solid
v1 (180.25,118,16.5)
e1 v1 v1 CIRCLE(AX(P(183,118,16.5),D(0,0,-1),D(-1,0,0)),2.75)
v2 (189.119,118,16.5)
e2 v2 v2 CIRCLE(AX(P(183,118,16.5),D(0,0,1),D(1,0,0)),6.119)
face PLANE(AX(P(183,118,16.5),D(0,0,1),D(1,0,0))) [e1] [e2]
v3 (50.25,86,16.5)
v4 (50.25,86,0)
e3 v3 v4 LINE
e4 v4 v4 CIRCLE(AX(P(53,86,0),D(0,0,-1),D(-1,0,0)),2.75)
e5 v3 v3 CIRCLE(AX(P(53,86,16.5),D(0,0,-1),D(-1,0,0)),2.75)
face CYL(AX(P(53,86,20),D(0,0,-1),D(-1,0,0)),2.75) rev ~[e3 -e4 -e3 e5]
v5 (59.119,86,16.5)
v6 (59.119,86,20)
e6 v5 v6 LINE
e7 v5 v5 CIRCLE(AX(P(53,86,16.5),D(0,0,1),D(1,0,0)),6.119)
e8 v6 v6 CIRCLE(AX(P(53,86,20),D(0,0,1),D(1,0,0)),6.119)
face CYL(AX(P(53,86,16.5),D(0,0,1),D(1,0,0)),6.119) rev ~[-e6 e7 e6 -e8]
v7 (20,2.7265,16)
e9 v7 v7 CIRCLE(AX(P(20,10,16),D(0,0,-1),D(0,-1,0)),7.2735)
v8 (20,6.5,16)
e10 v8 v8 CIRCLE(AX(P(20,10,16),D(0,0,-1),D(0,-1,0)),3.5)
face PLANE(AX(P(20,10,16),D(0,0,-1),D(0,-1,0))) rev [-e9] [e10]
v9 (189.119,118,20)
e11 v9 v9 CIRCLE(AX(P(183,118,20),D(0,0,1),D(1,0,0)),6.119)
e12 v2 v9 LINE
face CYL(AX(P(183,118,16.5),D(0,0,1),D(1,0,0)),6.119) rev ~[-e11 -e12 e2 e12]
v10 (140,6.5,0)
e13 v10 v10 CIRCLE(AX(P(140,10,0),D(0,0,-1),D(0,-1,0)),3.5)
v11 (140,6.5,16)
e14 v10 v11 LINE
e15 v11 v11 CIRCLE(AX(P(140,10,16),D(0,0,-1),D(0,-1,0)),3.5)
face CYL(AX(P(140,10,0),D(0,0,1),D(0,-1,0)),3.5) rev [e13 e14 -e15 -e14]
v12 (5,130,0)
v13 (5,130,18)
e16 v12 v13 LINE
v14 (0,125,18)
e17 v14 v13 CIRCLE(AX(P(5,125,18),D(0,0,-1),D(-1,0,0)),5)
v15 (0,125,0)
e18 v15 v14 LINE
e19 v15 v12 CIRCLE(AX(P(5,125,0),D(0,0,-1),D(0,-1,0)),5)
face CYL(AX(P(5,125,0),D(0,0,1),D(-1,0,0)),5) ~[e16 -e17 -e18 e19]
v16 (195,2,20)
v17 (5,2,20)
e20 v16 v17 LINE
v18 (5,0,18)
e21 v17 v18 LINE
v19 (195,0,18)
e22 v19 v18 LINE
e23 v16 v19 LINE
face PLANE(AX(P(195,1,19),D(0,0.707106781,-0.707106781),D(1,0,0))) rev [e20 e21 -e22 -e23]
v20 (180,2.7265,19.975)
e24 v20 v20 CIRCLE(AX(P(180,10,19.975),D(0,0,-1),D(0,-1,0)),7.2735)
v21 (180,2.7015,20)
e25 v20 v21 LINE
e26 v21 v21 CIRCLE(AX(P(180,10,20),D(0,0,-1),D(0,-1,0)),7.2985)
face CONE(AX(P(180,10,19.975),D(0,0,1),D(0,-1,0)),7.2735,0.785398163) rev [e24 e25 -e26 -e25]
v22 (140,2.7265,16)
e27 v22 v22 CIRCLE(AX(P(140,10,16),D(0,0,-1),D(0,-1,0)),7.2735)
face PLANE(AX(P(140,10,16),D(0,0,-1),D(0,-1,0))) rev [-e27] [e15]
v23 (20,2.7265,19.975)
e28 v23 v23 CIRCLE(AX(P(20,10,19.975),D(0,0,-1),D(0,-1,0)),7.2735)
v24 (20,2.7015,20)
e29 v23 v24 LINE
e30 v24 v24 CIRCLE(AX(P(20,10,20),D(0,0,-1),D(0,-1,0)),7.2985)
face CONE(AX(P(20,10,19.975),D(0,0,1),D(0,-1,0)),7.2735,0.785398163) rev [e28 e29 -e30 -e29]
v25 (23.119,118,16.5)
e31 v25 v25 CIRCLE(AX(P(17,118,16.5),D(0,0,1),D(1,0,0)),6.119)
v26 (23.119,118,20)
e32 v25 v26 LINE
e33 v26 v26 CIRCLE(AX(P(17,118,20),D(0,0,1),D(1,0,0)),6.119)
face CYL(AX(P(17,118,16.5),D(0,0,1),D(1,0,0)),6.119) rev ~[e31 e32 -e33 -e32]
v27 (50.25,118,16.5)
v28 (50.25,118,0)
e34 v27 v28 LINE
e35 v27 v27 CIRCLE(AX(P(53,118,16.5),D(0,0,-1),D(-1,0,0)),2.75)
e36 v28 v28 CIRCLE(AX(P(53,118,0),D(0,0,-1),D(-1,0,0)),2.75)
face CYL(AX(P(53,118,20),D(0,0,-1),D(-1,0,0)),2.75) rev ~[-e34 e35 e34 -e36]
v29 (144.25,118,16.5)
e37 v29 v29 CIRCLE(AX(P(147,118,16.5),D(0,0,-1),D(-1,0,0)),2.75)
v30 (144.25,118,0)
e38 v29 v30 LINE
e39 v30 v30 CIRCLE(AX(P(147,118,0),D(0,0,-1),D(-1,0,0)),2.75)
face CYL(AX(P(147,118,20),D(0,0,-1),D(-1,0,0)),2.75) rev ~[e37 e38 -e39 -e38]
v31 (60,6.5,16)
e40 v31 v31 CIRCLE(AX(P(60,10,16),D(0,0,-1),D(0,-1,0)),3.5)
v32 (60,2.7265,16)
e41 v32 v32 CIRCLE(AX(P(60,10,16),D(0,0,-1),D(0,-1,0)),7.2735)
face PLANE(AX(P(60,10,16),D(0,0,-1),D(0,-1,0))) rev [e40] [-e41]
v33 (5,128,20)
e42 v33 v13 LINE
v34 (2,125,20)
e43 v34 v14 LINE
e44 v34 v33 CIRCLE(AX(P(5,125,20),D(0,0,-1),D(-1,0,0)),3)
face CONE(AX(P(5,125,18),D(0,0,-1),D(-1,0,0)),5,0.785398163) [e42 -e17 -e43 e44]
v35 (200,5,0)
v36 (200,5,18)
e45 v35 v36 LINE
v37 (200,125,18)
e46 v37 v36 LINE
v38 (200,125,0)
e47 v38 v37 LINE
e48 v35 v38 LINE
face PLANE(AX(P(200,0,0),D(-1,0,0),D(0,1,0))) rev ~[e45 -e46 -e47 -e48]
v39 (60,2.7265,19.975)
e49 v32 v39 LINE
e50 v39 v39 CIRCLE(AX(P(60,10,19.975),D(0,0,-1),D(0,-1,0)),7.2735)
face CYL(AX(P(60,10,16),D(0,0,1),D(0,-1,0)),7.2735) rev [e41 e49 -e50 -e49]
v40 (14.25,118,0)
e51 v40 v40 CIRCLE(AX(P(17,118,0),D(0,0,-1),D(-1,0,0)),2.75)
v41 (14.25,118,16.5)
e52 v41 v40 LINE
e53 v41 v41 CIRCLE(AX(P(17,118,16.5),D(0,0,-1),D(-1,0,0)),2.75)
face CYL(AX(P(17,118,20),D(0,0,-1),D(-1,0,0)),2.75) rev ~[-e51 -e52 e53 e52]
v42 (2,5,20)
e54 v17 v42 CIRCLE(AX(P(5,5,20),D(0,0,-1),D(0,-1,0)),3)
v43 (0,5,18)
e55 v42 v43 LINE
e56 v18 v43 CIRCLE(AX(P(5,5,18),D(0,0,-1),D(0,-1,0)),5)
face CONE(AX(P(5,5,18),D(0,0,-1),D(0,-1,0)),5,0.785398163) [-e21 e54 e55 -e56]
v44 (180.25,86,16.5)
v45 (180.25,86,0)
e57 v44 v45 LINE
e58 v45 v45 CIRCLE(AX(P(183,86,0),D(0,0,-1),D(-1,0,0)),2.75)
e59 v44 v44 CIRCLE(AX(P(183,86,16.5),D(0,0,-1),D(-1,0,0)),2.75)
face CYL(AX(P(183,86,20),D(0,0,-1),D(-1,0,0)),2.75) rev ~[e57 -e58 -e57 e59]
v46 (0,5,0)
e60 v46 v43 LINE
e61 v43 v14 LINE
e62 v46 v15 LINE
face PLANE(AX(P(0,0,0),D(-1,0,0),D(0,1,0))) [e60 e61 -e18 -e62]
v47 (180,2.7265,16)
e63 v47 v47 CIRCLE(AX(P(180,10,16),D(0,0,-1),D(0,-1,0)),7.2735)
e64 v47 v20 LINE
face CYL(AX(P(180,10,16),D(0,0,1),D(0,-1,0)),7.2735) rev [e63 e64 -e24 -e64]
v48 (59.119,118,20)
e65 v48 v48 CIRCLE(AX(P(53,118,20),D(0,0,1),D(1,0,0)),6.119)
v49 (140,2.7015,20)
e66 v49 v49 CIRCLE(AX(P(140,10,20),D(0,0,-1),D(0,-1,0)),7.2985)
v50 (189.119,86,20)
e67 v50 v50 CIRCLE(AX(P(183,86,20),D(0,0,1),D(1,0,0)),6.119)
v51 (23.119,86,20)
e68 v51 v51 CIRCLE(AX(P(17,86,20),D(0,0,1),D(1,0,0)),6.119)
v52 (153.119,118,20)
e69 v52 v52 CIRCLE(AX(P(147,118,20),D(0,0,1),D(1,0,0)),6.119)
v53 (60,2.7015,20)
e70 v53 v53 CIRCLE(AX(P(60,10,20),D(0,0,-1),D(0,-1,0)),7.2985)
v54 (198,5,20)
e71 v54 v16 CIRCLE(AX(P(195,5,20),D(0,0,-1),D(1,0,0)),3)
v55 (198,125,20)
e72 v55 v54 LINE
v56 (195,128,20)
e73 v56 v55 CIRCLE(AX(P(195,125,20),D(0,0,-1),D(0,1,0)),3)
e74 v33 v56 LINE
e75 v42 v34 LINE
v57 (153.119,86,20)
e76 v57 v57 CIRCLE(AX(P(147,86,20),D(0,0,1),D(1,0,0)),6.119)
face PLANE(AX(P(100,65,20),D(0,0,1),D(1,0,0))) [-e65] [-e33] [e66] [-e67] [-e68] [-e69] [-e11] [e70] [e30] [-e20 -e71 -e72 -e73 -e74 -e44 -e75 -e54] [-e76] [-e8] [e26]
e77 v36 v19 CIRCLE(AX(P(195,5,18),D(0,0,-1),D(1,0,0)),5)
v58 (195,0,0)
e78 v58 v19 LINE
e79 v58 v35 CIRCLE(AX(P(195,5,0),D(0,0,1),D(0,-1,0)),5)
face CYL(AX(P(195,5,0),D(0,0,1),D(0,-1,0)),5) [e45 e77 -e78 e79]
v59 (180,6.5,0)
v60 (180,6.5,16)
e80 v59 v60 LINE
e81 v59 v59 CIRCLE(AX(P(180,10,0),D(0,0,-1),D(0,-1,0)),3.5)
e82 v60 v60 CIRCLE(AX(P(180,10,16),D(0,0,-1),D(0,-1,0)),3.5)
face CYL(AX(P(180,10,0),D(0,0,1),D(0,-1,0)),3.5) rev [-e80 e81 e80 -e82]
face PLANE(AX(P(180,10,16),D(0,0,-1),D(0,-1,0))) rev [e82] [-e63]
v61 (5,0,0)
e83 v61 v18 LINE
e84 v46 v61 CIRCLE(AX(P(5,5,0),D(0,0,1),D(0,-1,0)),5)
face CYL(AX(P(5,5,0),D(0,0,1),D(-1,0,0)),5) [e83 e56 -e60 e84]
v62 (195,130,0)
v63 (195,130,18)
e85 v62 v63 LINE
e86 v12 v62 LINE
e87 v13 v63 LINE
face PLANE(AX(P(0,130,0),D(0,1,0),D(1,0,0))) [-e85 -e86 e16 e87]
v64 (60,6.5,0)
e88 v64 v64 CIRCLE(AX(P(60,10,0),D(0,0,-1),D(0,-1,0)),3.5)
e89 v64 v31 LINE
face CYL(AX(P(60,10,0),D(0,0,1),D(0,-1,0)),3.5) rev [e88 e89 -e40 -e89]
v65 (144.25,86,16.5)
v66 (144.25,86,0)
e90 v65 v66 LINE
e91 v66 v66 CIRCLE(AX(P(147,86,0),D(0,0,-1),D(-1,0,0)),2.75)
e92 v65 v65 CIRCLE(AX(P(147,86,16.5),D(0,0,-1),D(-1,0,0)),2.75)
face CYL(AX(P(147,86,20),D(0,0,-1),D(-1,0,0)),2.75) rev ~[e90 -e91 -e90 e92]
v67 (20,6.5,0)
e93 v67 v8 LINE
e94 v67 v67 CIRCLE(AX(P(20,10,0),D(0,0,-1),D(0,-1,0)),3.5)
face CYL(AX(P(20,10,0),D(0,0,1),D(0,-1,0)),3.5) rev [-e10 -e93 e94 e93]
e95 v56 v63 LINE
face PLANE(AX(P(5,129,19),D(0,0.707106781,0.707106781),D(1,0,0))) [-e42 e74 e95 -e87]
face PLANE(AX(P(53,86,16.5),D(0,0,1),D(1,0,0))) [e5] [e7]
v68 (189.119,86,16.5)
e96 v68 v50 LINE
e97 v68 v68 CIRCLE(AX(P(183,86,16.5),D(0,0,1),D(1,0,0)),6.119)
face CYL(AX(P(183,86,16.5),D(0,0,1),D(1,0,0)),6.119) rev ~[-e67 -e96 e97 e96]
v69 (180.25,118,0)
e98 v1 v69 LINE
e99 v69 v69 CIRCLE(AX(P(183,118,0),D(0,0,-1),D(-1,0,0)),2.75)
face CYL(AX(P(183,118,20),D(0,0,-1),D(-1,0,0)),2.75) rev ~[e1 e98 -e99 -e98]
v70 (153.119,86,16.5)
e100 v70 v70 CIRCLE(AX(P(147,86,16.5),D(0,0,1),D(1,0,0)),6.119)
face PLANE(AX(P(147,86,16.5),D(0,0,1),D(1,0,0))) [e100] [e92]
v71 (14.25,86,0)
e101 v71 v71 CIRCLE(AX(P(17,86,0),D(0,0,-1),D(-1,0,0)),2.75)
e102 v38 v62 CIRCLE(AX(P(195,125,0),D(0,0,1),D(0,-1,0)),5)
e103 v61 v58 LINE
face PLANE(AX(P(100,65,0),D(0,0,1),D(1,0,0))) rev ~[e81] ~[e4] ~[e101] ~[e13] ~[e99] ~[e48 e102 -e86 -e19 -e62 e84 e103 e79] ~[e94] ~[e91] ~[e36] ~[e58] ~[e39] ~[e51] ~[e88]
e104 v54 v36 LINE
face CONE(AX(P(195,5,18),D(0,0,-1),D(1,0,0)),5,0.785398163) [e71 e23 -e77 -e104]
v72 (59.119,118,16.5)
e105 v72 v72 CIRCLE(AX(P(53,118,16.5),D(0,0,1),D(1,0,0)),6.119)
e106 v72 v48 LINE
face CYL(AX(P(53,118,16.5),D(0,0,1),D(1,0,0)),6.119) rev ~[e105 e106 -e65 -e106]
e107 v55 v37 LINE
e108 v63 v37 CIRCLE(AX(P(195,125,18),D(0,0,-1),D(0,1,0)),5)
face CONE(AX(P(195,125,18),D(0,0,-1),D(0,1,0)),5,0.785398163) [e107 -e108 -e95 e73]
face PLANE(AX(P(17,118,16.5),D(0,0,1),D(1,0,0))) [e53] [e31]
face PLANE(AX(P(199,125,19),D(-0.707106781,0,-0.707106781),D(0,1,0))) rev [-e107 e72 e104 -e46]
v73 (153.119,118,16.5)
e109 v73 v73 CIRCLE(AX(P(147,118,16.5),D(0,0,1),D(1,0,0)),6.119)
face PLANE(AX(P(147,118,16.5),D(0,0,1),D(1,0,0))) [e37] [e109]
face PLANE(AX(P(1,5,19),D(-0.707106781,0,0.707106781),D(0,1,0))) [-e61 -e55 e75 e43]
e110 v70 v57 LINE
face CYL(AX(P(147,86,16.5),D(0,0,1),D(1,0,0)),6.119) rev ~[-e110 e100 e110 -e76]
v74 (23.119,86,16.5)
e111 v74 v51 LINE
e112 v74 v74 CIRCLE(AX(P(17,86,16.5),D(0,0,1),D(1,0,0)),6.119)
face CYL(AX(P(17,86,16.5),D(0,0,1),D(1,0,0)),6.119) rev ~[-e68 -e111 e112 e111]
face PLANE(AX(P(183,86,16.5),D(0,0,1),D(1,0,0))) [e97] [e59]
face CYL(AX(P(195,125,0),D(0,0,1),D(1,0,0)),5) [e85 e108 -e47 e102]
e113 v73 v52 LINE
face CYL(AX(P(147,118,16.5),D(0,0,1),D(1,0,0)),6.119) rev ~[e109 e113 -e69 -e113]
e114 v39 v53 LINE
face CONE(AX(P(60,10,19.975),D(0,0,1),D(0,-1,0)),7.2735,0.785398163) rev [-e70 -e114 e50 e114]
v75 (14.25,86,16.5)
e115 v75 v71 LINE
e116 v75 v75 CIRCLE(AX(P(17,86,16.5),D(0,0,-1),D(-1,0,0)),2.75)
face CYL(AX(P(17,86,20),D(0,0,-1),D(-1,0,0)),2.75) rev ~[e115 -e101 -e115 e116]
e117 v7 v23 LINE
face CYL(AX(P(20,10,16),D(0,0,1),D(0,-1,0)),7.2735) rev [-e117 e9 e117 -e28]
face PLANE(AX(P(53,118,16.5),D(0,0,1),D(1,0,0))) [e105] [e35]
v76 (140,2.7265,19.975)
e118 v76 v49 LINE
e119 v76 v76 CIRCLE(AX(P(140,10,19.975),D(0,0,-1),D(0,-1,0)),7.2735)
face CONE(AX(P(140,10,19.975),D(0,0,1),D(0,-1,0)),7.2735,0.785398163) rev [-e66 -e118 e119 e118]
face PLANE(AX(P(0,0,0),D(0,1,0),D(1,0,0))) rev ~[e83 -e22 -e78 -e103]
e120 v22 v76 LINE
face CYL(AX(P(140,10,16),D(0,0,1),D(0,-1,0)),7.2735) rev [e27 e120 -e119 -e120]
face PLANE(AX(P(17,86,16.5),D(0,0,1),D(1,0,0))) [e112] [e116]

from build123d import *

# Parameters (mm, degrees)
SKETCH1_W                               = 200
SKETCH1_H                               = 130
BOSS_EXTRUDE1_DEPTH                     = 20
FILLET1_R                               = 5
CBORE_FOR_M6_HEX_HEAD_BOLT2_AT_2_COUNT  = 2
CBORE_FOR_M6_HEX_HEAD_BOLT2_AT_2_PITCH  = 40
CBORE_FOR_M6_HEX_HEAD_BOLT2_AT_3_COUNT  = 2
CBORE_FOR_M6_HEX_HEAD_BOLT2_AT_3_PITCH  = 120
CBORE_FOR_M6_HEX_HEAD_BOLT2_AT_4_COUNT  = 2
CBORE_FOR_M6_HEX_HEAD_BOLT2_AT_4_PITCH  = 160
CBORE_FOR_M5_HEX_HEAD_BOLT1_D           = 5.5
CBORE_FOR_M5_HEX_HEAD_BOLT1_CBORE_D     = 12.238
CBORE_FOR_M5_HEX_HEAD_BOLT1_CBORE_DEPTH = 3.5
CHAMFER1_SIZE                           = 2


with BuildPart() as part:
    # Sketch1 → Boss-Extrude1 (new body)
    with BuildSketch(Plane.XY):
        with Locations((100, 65)):
            Rectangle(SKETCH1_W, SKETCH1_H)
    extrude(amount=BOSS_EXTRUDE1_DEPTH)

    # Fillet1
    fillet1_edges = [part.edges().sort_by_distance(p)[0] for p in [
        (0, 130, 10),
        (200, 130, 10),
        (200, 0, 10),
        (0, 0, 10),
    ]]
    fillet(fillet1_edges, radius=FILLET1_R)

    # Sketch17 → CBORE for M6 Hex Head Bolt2 (revolve, cut)
    with BuildSketch(Plane(origin=(20, 10, 20), x_dir=(0, -1, 0), z_dir=(1, 0, 0))):
        Polygon((0, 0), (0, 20), (3.5, 20), (3.5, 4), (7.2735, 4), (7.2735, 0.025), (7.2985, 0), align=None)
    cbore_for_m6_hex_head_bolt2 = revolve(axis=Axis((20, 10, 26.35), (0, 0, -1)), mode=Mode.SUBTRACT)

    # CBORE for M6 Hex Head Bolt2 at 2: CBORE for M6 Hex Head Bolt2 ×2
    with Locations(*[(i * CBORE_FOR_M6_HEX_HEAD_BOLT2_AT_2_PITCH, 0, 0) for i in range(1, CBORE_FOR_M6_HEX_HEAD_BOLT2_AT_2_COUNT)]):
        add(cbore_for_m6_hex_head_bolt2, mode=Mode.SUBTRACT)

    # CBORE for M6 Hex Head Bolt2 at 3: CBORE for M6 Hex Head Bolt2 ×2
    with Locations(*[(i * CBORE_FOR_M6_HEX_HEAD_BOLT2_AT_3_PITCH, 0, 0) for i in range(1, CBORE_FOR_M6_HEX_HEAD_BOLT2_AT_3_COUNT)]):
        add(cbore_for_m6_hex_head_bolt2, mode=Mode.SUBTRACT)

    # CBORE for M6 Hex Head Bolt2 at 4: CBORE for M6 Hex Head Bolt2 ×2
    with Locations(*[(i * CBORE_FOR_M6_HEX_HEAD_BOLT2_AT_4_PITCH, 0, 0) for i in range(1, CBORE_FOR_M6_HEX_HEAD_BOLT2_AT_4_COUNT)]):
        add(cbore_for_m6_hex_head_bolt2, mode=Mode.SUBTRACT)

    # CBORE for M5 Hex Head Bolt1 (through all)
    with Locations(Plane.XY.offset(20)):
        with Locations((17, 118), (53, 118), (53, 86), (17, 86), (183, 118), (183, 86), (147, 118), (147, 86)):
            CounterBoreHole(CBORE_FOR_M5_HEX_HEAD_BOLT1_D / 2, CBORE_FOR_M5_HEX_HEAD_BOLT1_CBORE_D / 2, CBORE_FOR_M5_HEX_HEAD_BOLT1_CBORE_DEPTH)

    # Chamfer1
    chamfer1_edges = [part.edges().sort_by_distance(p)[0] for p in [
        (100, 130, 20),
        (200, 65, 20),
        (0, 65, 20),
        (100, 0, 20),
        (1.464466094, 128.535533906, 20),
        (1.464466094, 1.464466094, 20),
        (198.535533906, 1.464466094, 20),
        (198.535533906, 128.535533906, 20),
    ]]
    chamfer(chamfer1_edges, length=CHAMFER1_SIZE)


solid = part.part
